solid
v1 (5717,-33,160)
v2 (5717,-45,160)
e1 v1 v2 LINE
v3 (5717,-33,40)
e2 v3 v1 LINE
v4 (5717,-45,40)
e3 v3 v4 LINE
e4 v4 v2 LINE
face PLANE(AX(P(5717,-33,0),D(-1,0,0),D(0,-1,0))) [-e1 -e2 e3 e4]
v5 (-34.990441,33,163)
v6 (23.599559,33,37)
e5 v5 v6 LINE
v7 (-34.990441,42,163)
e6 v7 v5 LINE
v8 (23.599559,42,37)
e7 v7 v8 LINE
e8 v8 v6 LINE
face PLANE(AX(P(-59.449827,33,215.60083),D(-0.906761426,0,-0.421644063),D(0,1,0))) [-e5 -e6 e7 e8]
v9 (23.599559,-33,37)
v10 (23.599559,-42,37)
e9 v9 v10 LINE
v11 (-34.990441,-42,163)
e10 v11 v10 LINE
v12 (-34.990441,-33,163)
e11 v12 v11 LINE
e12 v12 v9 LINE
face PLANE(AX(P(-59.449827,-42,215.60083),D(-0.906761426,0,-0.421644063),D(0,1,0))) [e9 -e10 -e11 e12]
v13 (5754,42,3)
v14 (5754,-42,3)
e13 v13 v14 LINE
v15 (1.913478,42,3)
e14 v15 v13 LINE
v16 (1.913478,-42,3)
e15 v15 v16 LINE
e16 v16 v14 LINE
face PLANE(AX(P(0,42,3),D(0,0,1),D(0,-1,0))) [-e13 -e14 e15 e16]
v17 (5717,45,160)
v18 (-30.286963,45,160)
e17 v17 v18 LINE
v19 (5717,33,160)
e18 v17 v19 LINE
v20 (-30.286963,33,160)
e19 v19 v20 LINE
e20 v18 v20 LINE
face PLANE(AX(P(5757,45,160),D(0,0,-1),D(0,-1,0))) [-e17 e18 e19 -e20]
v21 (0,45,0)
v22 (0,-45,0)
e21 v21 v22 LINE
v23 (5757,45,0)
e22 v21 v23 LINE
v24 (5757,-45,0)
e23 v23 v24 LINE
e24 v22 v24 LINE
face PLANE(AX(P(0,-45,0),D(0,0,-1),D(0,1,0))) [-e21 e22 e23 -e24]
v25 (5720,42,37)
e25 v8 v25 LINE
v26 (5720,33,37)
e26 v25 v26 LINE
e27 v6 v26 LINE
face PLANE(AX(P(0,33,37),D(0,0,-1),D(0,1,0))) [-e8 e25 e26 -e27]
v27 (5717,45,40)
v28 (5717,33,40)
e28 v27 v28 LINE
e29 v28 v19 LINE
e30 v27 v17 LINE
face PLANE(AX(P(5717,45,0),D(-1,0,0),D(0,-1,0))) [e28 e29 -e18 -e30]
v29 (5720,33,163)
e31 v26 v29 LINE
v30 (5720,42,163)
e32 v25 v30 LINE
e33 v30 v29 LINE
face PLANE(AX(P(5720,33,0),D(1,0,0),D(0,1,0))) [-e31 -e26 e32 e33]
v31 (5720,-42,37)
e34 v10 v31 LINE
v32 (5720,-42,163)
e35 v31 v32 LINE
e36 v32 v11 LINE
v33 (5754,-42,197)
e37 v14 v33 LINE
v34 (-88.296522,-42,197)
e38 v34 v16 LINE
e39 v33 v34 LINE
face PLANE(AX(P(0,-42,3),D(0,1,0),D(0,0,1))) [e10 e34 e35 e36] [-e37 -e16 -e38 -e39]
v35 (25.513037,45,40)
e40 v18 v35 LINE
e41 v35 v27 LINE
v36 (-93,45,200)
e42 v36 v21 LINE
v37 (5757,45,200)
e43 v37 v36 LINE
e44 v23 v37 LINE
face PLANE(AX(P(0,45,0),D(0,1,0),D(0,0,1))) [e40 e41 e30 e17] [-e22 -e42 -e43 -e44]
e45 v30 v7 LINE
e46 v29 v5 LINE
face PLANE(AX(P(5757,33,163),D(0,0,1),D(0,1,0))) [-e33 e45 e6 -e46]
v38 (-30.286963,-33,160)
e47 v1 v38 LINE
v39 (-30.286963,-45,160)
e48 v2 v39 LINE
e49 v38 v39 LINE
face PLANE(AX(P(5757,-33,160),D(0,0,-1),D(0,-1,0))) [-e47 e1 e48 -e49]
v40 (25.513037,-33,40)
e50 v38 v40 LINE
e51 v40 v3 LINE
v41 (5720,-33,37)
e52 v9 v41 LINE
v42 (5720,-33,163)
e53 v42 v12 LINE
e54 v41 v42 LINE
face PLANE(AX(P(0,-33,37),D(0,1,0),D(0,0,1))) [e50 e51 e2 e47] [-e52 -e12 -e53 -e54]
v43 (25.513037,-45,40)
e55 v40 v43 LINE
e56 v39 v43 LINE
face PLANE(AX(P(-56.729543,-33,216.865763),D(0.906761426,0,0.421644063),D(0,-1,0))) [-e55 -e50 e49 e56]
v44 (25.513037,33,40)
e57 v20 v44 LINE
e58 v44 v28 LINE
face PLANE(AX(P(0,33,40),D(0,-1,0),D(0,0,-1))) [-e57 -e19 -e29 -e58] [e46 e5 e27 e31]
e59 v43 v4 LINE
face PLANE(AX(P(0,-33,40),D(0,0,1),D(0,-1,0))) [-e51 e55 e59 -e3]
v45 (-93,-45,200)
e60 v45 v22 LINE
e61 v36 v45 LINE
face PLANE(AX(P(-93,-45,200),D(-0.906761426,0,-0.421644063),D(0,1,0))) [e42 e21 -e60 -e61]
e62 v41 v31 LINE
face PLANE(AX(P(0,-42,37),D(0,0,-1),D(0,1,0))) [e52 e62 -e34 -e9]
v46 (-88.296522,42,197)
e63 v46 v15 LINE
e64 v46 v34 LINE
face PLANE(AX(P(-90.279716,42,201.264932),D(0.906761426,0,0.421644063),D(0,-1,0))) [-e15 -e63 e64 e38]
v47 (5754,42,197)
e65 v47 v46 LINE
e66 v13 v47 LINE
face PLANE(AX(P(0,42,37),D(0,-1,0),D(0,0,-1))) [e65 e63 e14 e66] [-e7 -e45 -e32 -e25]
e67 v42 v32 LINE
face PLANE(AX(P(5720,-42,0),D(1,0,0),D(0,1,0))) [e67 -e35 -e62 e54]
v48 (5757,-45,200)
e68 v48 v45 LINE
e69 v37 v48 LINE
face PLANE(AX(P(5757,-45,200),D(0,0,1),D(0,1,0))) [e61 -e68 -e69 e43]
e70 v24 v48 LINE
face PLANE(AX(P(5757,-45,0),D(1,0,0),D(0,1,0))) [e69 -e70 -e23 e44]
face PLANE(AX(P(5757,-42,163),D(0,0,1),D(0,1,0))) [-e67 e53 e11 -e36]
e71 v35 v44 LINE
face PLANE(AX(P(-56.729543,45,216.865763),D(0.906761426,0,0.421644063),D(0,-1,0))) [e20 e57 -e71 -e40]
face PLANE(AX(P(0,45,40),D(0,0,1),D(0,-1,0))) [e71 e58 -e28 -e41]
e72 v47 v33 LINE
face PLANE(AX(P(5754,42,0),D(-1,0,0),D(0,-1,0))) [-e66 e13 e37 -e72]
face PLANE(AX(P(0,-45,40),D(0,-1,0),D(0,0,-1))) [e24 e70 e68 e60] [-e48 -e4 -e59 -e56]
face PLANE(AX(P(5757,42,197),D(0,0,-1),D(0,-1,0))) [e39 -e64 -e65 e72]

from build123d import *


with BuildPart() as f2:
    # F2: sweep along a path in F0
    with BuildLine(Plane.XZ) as f2_path:
        Line((0, 0), (5757, 0))
        Line((5757, 0), (5757, 200))
        Line((5757, 200), (-93, 200))
        Line((-93, 200), (0, 0))
    # F1 (on Right) → F2 (sweep)
    with BuildSketch(Plane.YZ):
        Polygon((-45, 0), (0, 0), (45, 0), (45, 40), (33, 40), (33, 37), (42, 37), (42, 3), (0, 3), (-42, 3), (-42, 37), (-33, 37), (-33, 40), (-45, 40), align=None)
    sweep(path=f2_path.line, transition=Transition.RIGHT)


solid = f2.part
